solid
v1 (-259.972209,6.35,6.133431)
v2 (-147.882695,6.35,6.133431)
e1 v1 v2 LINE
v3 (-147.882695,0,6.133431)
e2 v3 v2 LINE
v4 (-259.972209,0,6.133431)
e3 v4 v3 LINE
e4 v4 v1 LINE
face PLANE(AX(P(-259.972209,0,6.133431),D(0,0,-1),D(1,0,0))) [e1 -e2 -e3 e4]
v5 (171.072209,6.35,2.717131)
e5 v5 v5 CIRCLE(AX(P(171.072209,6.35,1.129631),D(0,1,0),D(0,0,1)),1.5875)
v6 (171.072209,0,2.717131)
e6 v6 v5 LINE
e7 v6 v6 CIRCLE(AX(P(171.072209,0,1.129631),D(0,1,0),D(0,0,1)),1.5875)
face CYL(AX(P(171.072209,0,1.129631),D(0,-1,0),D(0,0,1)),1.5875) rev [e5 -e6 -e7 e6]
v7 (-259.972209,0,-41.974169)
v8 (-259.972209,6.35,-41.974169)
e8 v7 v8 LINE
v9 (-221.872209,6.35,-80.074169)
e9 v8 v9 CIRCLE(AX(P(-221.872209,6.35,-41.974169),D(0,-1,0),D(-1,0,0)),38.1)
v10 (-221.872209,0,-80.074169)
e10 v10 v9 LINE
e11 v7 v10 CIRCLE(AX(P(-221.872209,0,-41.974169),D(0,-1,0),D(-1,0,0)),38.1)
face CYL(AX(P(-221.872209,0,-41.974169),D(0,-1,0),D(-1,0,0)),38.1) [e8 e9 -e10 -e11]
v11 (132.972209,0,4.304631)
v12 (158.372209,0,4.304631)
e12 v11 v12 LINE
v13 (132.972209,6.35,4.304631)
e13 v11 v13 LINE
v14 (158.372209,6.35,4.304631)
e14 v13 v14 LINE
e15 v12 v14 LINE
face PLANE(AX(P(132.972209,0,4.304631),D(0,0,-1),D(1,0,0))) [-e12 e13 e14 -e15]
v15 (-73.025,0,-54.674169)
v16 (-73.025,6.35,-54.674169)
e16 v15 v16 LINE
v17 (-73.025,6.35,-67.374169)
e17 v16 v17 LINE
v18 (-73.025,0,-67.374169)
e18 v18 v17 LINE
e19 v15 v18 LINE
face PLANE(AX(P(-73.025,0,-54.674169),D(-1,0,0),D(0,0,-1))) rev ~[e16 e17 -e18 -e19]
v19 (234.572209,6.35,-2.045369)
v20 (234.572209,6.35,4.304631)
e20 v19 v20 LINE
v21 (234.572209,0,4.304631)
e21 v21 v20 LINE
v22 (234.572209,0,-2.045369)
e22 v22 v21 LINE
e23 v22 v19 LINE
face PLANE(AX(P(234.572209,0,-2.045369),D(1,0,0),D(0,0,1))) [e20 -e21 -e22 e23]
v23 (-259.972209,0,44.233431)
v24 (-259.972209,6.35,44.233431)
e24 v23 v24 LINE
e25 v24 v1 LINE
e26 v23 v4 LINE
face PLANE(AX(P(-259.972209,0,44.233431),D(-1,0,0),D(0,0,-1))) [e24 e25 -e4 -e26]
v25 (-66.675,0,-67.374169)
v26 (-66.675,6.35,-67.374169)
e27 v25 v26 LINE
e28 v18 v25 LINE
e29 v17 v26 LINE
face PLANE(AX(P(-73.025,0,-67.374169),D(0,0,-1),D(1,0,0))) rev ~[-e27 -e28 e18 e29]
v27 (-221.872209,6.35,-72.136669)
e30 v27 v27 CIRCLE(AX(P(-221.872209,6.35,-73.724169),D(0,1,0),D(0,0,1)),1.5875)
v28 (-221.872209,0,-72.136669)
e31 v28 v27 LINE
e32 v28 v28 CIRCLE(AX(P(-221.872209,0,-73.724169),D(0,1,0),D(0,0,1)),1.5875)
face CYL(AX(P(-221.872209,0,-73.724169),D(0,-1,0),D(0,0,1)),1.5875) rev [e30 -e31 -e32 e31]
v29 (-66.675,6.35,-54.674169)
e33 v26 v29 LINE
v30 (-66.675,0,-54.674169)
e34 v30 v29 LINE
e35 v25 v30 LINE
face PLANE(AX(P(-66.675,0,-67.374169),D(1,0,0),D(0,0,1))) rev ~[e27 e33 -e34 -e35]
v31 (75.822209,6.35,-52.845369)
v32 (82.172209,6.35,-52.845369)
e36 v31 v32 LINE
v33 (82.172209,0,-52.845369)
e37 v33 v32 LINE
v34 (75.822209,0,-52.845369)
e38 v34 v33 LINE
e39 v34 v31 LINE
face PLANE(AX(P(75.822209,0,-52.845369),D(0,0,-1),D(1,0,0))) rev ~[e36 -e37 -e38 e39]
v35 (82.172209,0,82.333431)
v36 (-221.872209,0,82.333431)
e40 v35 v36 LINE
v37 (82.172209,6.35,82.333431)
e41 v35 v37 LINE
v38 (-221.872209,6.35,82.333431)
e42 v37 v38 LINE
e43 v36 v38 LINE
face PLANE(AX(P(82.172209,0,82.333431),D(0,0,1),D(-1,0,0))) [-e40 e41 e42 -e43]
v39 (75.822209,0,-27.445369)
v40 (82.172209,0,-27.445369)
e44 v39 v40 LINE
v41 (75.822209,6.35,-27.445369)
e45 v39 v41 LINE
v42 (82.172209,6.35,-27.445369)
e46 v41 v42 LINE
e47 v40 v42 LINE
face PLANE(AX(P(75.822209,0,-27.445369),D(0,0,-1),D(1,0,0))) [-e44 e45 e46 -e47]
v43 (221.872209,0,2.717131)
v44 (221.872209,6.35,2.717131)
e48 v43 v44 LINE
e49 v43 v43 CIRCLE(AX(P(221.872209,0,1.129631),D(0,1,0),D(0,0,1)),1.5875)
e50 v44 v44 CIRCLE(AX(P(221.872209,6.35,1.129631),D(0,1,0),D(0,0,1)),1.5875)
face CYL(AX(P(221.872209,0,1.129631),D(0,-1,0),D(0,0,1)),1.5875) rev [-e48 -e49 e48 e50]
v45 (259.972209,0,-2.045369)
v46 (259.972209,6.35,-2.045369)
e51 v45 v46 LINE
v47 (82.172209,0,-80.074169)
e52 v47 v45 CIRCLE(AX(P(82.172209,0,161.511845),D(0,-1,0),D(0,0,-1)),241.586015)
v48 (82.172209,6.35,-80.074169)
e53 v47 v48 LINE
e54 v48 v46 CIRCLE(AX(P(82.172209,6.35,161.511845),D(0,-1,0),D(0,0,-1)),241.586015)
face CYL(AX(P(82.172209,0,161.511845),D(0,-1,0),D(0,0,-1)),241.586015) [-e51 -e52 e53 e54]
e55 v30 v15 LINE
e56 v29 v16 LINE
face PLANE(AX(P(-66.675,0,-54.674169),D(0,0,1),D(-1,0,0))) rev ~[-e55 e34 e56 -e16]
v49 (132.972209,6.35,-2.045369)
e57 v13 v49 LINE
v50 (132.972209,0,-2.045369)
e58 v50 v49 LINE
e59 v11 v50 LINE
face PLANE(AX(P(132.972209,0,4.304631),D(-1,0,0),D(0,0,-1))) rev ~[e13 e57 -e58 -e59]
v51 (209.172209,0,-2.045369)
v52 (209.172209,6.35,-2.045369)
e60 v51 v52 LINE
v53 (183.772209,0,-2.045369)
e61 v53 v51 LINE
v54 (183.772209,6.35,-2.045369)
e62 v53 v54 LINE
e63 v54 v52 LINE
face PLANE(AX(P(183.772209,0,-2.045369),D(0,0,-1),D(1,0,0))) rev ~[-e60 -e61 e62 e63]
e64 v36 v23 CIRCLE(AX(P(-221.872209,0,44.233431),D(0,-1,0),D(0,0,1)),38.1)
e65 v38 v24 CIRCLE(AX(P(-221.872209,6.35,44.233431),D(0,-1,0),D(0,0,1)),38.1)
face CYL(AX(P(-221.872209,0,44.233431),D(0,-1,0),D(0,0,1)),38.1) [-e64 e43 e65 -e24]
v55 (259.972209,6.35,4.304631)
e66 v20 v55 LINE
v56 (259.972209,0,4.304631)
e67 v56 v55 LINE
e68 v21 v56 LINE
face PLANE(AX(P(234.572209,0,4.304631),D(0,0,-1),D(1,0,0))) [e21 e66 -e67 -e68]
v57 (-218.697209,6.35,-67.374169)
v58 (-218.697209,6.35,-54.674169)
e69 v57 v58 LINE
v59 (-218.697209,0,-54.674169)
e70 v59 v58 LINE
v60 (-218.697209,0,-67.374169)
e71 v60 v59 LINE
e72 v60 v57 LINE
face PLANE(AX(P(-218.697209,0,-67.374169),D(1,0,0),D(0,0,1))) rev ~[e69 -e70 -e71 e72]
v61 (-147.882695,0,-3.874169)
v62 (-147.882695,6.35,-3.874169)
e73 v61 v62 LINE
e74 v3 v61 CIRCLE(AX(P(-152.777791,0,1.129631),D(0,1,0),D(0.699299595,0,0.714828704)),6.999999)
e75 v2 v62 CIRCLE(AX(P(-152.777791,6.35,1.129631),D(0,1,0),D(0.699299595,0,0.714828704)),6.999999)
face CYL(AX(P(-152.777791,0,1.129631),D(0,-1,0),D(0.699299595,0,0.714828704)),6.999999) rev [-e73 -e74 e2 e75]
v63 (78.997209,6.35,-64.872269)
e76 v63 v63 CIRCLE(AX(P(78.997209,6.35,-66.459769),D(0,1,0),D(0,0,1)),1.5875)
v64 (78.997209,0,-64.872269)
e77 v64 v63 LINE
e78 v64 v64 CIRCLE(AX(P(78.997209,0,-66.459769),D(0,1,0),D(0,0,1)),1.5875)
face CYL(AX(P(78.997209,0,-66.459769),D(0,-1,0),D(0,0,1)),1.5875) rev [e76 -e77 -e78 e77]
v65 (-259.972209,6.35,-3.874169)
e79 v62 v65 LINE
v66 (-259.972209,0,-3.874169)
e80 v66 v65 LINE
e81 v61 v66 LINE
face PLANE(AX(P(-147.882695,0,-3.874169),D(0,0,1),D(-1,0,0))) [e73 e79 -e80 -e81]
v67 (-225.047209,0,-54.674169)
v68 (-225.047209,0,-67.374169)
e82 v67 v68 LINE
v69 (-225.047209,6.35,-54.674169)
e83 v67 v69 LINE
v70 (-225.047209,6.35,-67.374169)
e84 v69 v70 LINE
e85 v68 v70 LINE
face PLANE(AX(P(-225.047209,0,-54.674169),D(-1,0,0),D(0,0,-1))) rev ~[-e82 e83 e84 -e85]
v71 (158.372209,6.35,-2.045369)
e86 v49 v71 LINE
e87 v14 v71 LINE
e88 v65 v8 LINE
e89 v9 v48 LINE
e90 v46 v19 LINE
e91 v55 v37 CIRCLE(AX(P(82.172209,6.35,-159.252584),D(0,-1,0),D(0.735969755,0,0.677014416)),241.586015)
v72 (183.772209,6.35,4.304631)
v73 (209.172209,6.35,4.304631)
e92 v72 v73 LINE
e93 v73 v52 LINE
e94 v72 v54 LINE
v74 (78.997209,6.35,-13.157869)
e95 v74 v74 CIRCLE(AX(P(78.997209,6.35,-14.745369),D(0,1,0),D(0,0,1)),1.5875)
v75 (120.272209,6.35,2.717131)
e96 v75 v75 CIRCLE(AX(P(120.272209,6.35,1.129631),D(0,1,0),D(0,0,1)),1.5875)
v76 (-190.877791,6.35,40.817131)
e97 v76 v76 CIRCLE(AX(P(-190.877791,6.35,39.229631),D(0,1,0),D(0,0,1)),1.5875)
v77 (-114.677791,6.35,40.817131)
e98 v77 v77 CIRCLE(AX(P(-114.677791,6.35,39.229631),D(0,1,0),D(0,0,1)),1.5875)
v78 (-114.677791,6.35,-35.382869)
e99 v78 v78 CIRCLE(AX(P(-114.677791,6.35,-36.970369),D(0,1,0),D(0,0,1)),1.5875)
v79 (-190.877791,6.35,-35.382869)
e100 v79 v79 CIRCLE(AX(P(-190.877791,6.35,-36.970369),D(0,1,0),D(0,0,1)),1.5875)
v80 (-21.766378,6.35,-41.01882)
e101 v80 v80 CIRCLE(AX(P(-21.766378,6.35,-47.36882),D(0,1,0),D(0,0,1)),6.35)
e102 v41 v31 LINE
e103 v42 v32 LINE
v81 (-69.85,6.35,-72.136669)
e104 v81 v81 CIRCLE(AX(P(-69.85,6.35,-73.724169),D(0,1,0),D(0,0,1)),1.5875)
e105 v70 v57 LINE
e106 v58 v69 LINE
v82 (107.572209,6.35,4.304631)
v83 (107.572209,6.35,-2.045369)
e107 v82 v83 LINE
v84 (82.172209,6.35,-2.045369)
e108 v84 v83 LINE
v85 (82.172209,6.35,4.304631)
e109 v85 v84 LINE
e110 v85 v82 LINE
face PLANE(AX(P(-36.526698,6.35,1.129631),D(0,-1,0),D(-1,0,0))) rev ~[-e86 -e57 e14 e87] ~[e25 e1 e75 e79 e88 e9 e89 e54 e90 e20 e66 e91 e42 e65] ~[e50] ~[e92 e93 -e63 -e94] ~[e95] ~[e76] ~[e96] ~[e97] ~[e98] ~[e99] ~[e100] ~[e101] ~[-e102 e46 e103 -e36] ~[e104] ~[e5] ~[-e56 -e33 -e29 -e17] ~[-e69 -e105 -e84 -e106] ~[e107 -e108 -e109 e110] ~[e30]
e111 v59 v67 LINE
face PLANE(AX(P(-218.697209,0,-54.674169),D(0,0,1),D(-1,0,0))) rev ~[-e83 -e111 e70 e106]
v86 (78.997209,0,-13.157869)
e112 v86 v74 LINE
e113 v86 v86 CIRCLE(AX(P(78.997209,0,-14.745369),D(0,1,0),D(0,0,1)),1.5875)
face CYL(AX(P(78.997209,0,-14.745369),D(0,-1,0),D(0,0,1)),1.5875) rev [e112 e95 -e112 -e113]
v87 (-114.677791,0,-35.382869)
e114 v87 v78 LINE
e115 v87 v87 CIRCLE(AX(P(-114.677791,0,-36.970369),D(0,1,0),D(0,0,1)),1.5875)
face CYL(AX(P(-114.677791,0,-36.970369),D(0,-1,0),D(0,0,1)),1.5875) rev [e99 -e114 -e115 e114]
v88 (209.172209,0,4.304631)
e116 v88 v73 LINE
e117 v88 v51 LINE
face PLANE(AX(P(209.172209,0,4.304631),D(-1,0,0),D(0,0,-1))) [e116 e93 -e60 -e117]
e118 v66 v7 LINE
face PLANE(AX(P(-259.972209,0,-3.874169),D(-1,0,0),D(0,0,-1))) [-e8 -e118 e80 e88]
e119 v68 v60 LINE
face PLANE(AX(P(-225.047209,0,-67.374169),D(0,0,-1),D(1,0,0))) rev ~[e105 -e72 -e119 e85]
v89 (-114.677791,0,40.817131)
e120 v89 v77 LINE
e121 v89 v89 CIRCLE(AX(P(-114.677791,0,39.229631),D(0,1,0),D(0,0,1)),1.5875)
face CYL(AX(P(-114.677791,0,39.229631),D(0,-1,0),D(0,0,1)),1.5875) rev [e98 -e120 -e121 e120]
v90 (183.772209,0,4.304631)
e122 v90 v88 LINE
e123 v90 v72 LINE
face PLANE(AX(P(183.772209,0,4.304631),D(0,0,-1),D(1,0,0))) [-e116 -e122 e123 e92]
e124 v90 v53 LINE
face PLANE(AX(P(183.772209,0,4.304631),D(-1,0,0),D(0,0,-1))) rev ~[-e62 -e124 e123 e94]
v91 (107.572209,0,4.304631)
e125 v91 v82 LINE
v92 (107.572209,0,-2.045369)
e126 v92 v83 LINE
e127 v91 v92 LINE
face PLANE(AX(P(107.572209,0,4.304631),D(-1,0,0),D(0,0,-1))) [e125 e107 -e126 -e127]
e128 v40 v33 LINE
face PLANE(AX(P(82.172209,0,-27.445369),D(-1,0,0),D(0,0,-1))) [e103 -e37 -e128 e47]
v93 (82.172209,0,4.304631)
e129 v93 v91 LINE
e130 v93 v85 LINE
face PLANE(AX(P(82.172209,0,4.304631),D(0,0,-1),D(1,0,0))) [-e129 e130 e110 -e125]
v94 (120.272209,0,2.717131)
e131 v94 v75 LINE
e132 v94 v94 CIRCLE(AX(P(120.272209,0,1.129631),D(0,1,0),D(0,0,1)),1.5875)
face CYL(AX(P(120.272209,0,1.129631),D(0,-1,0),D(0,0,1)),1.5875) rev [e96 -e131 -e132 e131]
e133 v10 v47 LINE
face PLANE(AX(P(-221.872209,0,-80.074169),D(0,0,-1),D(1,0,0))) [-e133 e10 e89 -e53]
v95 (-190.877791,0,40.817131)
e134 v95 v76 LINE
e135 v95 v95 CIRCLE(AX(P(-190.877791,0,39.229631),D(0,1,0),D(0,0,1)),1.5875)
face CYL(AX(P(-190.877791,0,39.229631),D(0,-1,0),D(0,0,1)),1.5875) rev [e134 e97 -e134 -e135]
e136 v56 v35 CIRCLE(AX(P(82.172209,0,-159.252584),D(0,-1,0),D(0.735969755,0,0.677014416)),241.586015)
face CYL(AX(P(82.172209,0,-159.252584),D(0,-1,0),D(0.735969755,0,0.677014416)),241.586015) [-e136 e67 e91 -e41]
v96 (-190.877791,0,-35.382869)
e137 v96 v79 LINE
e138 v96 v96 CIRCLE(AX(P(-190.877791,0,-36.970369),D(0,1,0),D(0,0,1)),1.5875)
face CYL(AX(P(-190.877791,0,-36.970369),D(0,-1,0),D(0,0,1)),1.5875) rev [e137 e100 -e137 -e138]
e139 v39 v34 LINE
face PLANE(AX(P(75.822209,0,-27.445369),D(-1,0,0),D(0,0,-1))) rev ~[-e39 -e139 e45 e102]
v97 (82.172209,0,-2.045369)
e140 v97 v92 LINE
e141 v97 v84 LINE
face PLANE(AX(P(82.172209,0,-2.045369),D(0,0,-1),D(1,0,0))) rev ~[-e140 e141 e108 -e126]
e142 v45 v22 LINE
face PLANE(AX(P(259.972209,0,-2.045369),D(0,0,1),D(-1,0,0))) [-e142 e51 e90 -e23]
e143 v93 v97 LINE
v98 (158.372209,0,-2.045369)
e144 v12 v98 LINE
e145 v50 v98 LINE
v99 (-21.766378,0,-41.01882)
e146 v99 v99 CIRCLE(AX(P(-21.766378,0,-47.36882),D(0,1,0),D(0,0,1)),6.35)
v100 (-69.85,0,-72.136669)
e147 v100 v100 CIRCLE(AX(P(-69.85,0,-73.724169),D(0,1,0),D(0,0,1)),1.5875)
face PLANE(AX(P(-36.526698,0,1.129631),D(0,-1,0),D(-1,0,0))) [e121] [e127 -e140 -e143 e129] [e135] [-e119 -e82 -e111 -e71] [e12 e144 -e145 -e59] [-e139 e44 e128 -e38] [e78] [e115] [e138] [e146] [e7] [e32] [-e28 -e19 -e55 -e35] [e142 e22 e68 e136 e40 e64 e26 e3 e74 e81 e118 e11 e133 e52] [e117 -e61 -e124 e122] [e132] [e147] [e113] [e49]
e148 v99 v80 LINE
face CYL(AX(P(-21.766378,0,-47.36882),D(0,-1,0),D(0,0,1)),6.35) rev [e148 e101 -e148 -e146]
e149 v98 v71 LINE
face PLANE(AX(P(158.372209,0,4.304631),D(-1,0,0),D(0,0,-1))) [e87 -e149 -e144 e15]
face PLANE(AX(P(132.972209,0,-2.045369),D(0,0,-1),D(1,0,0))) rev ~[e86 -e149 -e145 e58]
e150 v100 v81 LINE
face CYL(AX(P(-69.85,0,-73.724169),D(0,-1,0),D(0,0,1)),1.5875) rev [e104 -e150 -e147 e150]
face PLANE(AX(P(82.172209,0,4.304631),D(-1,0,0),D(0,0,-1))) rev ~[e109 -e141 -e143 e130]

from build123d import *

# Parameters (mm, degrees)
SKETCH1_R           = 1.5875
SKETCH1_R_2         = 6.35
SKETCH1_W           = 25.4
SKETCH1_H           = 6.35
SKETCH1_W_2         = 6.35
SKETCH1_H_2         = 25.4
BOSS_EXTRUDE1_DEPTH = 6.35


with BuildPart() as part:
    # Sketch1 → Boss-Extrude1 (new body)
    with BuildSketch(Plane(origin=(0, 0, 0), x_dir=(1, 0, 0), z_dir=(0, 1, 0))):
        with BuildLine():
            Line((-158.372209236, 3.874169231), (-259.972209236, 3.874169231))
            Line((-259.972209236, 3.874169231), (-259.972209236, 41.974169231))
            ThreePointArc((-259.972209236, 41.974169231), (-248.8129776, 68.914937594), (-221.872209236, 80.074169231))
            Line((-221.872209236, 80.074169231), (82.172209236, 80.074169231))
            ThreePointArc((82.172209236, 80.074169231), (179.256365551, 59.708562917), (259.972209236, 2.045369231))
            Line((259.972209236, 2.045369231), (234.572209236, 2.045369231))
            Line((234.572209236, 2.045369231), (234.572209236, -4.304630769))
            Line((234.572209236, -4.304630769), (259.972209236, -4.304630769))
            ThreePointArc((259.972209236, -4.304630769), (179.256365551, -61.967824455), (82.172209236, -82.333430769))
            Line((82.172209236, -82.333430769), (-221.872209236, -82.333430769))
            ThreePointArc((-221.872209236, -82.333430769), (-248.8129776, -71.174199132), (-259.972209236, -44.233430769))
            Line((-259.972209236, -44.233430769), (-259.972209236, -6.133430769))
            Line((-259.972209236, -6.133430769), (-158.372209236, -6.133430769))
            Line((-158.372209236, -6.133430769), (-147.882694507, -6.133430769))
            ThreePointArc((-147.882694507, -6.133430769), (-145.777792064, -1.129630769), (-147.882694507, 3.874169231))
            Line((-147.882694507, 3.874169231), (-158.372209236, 3.874169231))
        make_face()
        with Locations(Location((-190.877790764, -39.229630769, 0), (0, 0, 270))):
            Circle(SKETCH1_R, mode=Mode.SUBTRACT)
        with Locations(Location((-114.677790764, -39.229630769, 0), (0, 0, 270))):
            Circle(SKETCH1_R, mode=Mode.SUBTRACT)
        with Locations(Location((-114.677790764, 36.970369231, 0), (0, 0, 270))):
            Circle(SKETCH1_R, mode=Mode.SUBTRACT)
        with Locations(Location((-190.877790764, 36.970369231, 0), (0, 0, 270))):
            Circle(SKETCH1_R, mode=Mode.SUBTRACT)
        with Locations(Location((120.272209236, -1.129630769, 0), (0, 0, 270))):
            Circle(SKETCH1_R, mode=Mode.SUBTRACT)
        with Locations(Location((171.072209236, -1.129630769, 0), (0, 0, 270))):
            Circle(SKETCH1_R, mode=Mode.SUBTRACT)
        with Locations(Location((221.872209236, -1.129630769, 0), (0, 0, 270))):
            Circle(SKETCH1_R, mode=Mode.SUBTRACT)
        with Locations(Location((78.997209236, 14.745369231, 0), (0, 0, 270))):
            Circle(SKETCH1_R, mode=Mode.SUBTRACT)
        with Locations(Location((78.997209236, 66.459769231, 0), (0, 0, 270))):
            Circle(SKETCH1_R, mode=Mode.SUBTRACT)
        with Locations(Location((-21.766377903, 47.368819725, 0), (0, 0, 270))):
            Circle(SKETCH1_R_2, mode=Mode.SUBTRACT)
        with Locations(Location((-221.872209236, 73.724169231, 0), (0, 0, 270))):
            Circle(SKETCH1_R, mode=Mode.SUBTRACT)
        with Locations(Location((-69.85, 73.724169231, 0), (0, 0, 270))):
            Circle(SKETCH1_R, mode=Mode.SUBTRACT)
        with Locations((94.872209236, -1.129630769)):
            Rectangle(SKETCH1_W, SKETCH1_H, mode=Mode.SUBTRACT)
        with Locations((145.672209236, -1.129630769)):
            Rectangle(SKETCH1_W, SKETCH1_H, mode=Mode.SUBTRACT)
        with Locations((196.472209236, -1.129630769)):
            Rectangle(SKETCH1_W, SKETCH1_H, mode=Mode.SUBTRACT)
        with Locations((78.997209236, 40.145369231)):
            Rectangle(SKETCH1_W_2, SKETCH1_H_2, mode=Mode.SUBTRACT)
        Polygon((-221.872209236, 67.374169231), (-218.697209236, 67.374169231), (-218.697209236, 54.674169231), (-225.047209236, 54.674169231), (-225.047209236, 67.374169231), align=None, mode=Mode.SUBTRACT)
        Polygon((-69.85, 67.374169231), (-66.675, 67.374169231), (-66.675, 54.674169231), (-73.025, 54.674169231), (-73.025, 67.374169231), align=None, mode=Mode.SUBTRACT)
    extrude(amount=BOSS_EXTRUDE1_DEPTH)


solid = part.part
